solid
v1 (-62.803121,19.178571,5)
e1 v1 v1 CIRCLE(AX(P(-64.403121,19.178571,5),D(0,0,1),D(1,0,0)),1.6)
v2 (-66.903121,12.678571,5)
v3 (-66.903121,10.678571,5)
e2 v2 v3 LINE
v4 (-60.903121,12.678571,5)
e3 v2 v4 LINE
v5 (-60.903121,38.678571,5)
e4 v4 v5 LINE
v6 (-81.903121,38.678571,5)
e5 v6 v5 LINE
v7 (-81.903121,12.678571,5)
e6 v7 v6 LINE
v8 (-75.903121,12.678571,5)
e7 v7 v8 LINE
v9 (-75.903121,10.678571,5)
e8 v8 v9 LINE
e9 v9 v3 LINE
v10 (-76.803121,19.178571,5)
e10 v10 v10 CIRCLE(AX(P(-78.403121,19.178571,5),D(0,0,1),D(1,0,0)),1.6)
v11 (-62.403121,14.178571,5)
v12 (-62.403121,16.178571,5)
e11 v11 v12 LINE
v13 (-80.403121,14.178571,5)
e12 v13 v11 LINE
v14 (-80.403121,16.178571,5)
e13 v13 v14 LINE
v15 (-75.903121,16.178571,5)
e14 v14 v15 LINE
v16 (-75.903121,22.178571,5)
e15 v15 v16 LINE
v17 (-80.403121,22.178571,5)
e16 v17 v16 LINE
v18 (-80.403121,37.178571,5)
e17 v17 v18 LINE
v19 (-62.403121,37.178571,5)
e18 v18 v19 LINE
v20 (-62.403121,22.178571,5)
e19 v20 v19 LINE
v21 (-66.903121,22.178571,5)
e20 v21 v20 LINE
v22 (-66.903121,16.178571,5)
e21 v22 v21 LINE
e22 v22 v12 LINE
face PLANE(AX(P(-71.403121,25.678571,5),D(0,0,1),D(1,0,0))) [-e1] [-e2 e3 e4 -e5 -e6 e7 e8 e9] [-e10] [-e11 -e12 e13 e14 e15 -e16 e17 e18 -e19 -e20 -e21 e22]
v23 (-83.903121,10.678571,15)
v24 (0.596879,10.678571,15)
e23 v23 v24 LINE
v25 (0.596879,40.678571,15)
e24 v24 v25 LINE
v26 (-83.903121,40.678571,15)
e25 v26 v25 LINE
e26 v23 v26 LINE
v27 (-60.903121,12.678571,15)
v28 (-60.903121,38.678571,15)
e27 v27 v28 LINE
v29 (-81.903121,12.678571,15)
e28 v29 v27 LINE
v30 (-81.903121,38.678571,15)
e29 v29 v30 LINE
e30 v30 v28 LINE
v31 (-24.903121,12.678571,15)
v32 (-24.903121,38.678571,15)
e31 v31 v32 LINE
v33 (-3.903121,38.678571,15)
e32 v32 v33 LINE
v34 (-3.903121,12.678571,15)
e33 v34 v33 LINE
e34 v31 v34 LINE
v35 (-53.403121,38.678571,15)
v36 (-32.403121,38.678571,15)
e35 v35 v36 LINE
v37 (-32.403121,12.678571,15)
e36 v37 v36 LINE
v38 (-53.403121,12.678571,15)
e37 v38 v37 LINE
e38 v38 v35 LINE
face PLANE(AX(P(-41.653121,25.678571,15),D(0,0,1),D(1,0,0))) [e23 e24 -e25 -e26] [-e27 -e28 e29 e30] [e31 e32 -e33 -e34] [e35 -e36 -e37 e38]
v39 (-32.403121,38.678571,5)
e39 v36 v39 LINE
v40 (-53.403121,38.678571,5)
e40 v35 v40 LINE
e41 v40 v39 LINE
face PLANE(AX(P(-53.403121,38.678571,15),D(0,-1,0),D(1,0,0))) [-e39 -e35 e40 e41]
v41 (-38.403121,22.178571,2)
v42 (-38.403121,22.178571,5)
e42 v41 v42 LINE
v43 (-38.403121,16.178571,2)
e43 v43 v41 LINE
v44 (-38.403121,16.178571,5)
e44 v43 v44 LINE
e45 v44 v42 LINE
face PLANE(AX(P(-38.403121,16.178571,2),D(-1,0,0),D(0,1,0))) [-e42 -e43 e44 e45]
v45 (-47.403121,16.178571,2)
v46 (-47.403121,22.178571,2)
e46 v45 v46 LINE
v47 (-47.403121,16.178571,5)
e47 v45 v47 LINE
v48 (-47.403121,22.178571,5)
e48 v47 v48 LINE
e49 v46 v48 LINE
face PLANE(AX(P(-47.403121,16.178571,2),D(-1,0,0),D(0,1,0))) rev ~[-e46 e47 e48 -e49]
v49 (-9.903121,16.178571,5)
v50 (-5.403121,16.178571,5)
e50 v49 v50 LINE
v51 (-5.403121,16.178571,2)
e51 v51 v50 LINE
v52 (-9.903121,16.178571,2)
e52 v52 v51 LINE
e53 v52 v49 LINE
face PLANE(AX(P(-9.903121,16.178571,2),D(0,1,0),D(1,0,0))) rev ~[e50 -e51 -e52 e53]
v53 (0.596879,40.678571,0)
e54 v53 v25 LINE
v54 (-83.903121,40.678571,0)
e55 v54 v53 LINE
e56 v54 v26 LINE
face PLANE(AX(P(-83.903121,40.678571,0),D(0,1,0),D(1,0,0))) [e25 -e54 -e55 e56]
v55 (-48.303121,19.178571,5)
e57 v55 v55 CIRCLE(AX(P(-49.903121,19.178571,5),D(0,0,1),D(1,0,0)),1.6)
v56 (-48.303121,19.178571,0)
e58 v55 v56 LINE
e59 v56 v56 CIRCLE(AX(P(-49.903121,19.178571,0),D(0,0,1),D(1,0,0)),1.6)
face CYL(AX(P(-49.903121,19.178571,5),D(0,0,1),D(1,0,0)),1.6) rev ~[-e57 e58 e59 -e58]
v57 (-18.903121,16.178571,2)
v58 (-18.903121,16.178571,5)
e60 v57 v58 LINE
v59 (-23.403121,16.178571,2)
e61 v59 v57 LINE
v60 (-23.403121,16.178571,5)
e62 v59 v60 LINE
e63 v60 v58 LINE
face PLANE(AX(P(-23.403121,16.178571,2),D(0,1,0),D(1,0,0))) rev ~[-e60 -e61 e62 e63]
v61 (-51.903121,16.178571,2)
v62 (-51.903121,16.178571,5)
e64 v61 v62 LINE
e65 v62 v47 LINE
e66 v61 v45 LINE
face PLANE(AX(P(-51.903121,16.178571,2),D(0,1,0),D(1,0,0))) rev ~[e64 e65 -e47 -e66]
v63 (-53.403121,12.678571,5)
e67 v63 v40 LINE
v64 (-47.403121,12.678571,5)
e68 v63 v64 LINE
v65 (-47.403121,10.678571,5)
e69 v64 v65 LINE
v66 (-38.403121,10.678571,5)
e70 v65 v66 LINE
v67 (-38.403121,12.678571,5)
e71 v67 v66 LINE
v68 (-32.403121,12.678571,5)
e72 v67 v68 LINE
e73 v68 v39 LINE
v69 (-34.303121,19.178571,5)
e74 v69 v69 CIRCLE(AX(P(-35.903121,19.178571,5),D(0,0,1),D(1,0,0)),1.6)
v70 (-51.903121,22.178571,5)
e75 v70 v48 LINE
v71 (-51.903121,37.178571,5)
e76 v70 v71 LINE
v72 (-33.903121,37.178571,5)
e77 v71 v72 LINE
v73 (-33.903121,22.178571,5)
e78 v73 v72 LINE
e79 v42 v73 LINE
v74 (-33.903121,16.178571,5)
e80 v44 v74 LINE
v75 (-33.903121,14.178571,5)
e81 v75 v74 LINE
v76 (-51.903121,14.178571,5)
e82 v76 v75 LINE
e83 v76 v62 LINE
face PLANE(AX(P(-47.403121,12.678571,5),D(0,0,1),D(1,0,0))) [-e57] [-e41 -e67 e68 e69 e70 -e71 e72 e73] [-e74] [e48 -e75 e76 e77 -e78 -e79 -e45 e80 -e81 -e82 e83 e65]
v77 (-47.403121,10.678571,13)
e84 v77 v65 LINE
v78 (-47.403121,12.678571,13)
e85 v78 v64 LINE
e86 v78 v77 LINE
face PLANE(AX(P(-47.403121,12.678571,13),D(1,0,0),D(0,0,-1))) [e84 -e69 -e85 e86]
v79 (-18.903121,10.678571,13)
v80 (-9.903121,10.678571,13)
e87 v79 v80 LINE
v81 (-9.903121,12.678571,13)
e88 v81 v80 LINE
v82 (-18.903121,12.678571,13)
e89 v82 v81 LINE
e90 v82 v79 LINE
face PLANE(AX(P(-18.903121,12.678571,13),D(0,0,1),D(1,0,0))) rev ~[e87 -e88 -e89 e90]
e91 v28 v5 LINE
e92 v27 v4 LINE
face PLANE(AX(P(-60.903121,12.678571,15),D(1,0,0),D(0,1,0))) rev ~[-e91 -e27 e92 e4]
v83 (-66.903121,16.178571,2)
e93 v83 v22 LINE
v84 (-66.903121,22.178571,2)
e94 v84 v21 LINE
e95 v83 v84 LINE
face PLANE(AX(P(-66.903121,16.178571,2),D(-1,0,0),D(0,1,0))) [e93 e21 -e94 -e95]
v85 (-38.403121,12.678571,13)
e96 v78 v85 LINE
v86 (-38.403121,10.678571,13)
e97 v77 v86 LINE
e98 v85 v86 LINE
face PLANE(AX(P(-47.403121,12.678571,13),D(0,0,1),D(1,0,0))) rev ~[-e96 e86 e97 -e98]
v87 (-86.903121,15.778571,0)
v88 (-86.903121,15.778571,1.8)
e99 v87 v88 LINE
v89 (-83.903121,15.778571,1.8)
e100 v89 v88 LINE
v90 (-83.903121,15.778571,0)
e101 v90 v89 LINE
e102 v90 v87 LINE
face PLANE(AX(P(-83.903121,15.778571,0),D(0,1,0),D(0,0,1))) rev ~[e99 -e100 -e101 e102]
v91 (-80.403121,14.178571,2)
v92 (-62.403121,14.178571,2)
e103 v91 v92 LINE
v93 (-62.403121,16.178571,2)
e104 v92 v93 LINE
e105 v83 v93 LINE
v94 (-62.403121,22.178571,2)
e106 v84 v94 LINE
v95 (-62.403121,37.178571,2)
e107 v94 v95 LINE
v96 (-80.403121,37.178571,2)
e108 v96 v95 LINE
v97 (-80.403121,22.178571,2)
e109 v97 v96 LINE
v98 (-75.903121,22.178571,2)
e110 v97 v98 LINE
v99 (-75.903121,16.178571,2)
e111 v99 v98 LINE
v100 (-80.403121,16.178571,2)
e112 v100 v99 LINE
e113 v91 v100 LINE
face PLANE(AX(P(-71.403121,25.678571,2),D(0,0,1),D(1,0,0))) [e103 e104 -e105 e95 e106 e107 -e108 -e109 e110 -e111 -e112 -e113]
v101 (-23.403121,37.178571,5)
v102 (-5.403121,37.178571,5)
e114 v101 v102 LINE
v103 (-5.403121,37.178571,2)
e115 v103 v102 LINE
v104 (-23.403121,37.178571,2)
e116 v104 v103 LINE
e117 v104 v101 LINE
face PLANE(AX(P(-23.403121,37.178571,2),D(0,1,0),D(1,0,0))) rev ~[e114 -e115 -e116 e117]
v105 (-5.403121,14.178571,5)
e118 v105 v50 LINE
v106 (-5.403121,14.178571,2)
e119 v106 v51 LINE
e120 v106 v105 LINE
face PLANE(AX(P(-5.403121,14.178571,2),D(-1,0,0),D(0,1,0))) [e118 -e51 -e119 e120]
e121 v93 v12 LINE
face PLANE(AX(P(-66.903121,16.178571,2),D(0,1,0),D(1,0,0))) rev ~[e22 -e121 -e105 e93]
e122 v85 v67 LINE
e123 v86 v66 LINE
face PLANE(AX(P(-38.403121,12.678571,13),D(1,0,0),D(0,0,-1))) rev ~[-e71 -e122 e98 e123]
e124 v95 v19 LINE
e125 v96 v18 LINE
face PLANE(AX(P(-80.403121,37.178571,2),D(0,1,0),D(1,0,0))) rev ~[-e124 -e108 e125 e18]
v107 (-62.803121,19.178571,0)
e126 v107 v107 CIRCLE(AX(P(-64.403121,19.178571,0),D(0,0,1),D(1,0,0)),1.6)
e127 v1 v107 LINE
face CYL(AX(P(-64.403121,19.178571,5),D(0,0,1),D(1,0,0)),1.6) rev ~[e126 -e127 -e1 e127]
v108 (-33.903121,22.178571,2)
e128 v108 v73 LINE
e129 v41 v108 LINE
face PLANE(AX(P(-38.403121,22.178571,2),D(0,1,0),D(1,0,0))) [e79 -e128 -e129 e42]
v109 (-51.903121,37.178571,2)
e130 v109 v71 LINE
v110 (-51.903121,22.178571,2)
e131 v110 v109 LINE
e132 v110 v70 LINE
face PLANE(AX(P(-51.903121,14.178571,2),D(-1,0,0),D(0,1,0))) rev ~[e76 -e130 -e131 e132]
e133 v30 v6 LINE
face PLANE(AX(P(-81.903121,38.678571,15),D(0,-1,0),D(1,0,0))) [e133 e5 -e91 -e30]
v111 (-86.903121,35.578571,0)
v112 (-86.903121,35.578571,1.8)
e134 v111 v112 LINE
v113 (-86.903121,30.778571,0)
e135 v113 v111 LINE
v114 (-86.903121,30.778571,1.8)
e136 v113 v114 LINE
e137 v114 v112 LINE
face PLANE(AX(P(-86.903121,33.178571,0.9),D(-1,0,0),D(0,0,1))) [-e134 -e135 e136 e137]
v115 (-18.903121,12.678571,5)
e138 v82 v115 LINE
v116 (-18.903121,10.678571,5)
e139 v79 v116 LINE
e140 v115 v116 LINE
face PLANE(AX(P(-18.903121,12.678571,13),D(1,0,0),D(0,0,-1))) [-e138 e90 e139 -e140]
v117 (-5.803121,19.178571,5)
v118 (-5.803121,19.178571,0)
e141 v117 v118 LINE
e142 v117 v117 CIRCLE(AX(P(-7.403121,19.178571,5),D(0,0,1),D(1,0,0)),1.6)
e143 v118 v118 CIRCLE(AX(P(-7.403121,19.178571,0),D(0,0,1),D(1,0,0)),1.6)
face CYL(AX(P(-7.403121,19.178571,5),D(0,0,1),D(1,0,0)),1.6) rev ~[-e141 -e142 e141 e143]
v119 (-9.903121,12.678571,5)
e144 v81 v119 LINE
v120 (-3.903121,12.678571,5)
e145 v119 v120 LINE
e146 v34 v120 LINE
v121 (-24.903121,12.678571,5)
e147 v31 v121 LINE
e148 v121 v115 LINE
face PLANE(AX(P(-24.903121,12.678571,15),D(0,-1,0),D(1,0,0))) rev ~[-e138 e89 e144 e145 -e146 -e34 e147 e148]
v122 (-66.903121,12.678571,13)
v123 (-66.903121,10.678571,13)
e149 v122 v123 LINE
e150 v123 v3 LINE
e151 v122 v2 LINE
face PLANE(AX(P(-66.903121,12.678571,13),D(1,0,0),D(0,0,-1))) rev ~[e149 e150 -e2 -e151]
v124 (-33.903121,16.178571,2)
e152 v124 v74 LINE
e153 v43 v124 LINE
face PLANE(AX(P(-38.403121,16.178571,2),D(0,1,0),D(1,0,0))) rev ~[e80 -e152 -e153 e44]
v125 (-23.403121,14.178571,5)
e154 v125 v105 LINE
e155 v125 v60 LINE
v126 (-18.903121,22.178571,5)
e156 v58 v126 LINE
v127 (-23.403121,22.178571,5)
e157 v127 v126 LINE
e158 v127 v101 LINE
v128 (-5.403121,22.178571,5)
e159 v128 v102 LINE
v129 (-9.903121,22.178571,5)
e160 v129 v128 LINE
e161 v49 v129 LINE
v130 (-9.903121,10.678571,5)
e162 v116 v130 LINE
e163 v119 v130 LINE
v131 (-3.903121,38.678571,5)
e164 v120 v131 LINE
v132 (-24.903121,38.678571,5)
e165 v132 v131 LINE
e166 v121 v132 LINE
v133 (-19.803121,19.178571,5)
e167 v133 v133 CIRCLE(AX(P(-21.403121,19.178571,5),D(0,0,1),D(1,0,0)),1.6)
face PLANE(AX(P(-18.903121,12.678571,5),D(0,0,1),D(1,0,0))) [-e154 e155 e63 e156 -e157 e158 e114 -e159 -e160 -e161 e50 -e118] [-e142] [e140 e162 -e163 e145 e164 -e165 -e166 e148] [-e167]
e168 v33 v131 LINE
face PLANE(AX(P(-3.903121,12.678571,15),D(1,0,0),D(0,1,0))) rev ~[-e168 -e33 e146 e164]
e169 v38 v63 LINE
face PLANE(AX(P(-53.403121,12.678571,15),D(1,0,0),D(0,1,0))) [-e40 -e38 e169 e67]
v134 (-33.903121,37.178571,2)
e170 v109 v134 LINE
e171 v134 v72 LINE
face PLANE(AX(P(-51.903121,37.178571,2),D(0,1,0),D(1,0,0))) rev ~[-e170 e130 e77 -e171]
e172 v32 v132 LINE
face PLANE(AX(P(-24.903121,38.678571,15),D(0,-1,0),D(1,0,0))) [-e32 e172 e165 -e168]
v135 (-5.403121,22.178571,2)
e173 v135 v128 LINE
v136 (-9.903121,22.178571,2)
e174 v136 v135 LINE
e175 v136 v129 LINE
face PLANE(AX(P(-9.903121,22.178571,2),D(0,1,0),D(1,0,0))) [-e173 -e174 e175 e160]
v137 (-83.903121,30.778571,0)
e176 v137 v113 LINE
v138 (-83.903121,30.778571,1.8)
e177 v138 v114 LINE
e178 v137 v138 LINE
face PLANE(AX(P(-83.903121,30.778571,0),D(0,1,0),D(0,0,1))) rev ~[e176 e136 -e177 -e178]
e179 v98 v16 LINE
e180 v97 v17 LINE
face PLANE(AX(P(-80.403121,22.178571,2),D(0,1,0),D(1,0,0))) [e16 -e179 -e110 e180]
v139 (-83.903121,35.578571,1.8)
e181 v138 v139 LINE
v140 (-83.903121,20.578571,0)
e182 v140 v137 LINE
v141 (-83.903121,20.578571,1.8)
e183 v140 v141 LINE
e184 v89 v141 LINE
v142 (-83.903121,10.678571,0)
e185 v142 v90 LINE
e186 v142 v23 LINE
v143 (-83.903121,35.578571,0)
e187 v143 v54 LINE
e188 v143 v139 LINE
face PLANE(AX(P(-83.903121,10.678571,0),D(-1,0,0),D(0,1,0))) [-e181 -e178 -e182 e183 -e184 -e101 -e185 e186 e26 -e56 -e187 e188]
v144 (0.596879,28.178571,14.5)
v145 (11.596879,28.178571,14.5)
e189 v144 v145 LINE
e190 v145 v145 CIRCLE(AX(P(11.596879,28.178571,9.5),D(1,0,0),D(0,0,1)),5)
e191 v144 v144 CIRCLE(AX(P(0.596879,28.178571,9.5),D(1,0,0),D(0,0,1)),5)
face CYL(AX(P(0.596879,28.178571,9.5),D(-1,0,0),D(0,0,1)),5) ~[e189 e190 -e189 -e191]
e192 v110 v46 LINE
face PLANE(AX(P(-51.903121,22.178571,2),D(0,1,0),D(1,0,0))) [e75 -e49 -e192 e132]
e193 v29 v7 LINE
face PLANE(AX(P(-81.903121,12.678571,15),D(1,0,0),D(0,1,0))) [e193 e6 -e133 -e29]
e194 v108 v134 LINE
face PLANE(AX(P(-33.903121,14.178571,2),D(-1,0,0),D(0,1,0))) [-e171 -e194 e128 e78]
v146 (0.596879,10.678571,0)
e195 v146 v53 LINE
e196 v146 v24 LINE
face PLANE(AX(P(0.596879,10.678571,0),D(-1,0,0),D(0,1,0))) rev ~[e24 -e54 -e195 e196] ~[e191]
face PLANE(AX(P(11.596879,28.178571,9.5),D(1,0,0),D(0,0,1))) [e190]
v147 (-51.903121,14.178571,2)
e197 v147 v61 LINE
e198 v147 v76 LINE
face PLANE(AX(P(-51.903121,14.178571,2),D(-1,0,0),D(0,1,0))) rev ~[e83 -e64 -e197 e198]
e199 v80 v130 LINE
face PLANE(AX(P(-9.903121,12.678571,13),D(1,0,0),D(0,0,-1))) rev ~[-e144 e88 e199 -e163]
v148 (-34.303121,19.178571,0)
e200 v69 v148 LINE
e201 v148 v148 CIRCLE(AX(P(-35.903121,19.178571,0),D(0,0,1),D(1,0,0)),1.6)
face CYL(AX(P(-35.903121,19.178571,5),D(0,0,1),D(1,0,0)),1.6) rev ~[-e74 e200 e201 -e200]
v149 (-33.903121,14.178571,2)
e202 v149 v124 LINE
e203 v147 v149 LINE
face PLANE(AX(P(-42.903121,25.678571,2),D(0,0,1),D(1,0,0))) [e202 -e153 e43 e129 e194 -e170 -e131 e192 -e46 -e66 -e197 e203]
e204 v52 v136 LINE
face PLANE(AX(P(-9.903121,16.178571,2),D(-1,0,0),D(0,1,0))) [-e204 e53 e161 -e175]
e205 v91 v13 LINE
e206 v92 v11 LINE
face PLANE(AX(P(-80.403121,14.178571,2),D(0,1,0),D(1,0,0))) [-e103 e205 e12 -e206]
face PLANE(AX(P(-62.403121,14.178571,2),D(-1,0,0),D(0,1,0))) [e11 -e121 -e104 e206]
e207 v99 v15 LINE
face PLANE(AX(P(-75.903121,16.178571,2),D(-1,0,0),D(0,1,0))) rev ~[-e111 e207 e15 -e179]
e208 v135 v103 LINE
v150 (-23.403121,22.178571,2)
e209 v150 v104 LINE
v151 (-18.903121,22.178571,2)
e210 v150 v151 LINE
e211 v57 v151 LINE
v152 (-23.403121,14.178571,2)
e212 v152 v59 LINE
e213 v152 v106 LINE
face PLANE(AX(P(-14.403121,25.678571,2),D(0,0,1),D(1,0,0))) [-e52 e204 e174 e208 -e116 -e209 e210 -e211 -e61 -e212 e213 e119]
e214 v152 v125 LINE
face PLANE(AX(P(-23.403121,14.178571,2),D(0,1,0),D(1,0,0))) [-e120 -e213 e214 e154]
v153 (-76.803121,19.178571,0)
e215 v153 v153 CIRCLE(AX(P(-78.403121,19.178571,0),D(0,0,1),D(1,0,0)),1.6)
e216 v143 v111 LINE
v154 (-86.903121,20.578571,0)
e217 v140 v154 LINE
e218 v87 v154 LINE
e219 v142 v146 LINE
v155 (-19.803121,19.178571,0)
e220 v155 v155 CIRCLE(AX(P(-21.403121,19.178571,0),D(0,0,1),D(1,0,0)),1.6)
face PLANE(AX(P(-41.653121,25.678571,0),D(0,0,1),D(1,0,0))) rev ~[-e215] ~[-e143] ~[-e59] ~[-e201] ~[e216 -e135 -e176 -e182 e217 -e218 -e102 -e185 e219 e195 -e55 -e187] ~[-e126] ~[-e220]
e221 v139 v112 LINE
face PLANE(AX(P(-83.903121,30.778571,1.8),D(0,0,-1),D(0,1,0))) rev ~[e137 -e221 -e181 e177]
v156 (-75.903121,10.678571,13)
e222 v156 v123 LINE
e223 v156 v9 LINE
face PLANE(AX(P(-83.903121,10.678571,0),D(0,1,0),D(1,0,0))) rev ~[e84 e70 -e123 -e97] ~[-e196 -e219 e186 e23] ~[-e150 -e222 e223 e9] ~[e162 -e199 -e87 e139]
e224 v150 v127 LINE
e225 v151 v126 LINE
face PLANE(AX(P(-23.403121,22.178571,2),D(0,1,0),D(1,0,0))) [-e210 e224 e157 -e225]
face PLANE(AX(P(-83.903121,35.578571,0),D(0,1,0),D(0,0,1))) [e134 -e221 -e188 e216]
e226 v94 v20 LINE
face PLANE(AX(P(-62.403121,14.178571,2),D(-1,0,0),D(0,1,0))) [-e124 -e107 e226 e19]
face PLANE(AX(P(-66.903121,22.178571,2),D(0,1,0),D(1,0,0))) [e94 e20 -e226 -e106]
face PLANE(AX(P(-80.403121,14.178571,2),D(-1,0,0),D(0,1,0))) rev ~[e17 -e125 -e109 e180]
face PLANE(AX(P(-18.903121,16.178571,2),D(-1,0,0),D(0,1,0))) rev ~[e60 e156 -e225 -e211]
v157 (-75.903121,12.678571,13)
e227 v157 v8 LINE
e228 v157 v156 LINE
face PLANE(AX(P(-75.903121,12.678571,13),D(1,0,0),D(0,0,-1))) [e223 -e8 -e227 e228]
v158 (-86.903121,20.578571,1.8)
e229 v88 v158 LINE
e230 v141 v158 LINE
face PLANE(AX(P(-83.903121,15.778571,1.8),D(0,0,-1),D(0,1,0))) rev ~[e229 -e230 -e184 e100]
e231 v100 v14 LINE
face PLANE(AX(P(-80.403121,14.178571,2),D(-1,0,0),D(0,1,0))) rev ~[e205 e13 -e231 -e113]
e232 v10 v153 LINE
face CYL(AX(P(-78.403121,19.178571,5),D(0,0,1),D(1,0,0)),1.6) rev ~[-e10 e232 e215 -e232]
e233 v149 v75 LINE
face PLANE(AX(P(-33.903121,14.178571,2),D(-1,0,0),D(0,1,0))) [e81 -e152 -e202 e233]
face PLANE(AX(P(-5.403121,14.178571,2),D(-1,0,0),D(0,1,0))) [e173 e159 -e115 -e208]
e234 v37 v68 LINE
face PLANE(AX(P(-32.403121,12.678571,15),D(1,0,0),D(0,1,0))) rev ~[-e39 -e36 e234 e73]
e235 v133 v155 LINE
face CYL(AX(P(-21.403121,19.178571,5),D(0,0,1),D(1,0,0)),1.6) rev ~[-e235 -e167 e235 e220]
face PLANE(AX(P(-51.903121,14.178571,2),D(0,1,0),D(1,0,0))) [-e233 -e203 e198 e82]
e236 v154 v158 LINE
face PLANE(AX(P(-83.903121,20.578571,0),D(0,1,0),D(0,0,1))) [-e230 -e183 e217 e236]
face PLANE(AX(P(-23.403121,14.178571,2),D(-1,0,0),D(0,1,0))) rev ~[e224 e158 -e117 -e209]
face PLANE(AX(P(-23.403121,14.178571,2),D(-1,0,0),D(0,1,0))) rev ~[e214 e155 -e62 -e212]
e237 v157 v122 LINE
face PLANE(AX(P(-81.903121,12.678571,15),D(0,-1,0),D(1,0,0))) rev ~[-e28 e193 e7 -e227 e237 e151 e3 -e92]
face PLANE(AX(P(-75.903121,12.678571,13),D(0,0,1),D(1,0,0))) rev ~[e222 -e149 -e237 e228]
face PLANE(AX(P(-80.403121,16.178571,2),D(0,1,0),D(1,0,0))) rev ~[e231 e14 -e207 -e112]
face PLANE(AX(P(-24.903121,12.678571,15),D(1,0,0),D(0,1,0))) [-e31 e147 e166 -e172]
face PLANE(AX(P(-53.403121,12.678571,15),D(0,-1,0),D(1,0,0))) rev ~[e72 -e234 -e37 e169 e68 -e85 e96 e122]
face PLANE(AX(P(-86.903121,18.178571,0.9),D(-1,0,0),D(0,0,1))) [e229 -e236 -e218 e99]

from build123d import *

# Parameters (mm, degrees)
SKETCH_1_W          = 84.5
SKETCH_1_H          = 30
EXTRUDE_1_DEPTH     = 15
SKETCH_2_W          = 21
SKETCH_2_H          = 26
CUT_EXTRUDE_1_DEPTH = 13
SKETCH_3_W          = 21
SKETCH_3_H          = 26
SKETCH_3_W_2        = 18
SKETCH_3_H_2        = 23
EXTRUDE_2_DEPTH     = 3
SKETCH_5_W          = 4.5
SKETCH_5_H          = 6
EXTRUDE_3_DEPTH     = 3
SKETCH_6_R          = 1.6
CUT_EXTRUDE_2_DEPTH = 94.778887913
SKETCH_7_W          = 9
SKETCH_7_H          = 8
CUT_EXTRUDE_3_DEPTH = 90.714734825
SKETCH_13_W         = 1.8
SKETCH_13_H         = 4.8
EXTRUDE_4_DEPTH     = 3
SKETCH_14_R         = 5
EXTRUDE_5_DEPTH     = 11


with BuildPart() as part:
    # ｽｹｯﾁ1 → ﾎﾞｽ - 押し出し1 (new body)
    with BuildSketch(Plane.XY):
        with Locations((-41.65312059, 25.678571429)):
            Rectangle(SKETCH_1_W, SKETCH_1_H)
    extrude(amount=EXTRUDE_1_DEPTH)

    # ｽｹｯﾁ2 → ｶｯﾄ - 押し出し1 (cut)
    with BuildSketch(Plane.XY.offset(15)):
        with Locations((-71.40312059, 25.678571429)):
            Rectangle(SKETCH_2_W, SKETCH_2_H)
        with Locations((-42.90312059, 25.678571429)):
            Rectangle(SKETCH_2_W, SKETCH_2_H)
        with Locations((-14.40312059, 25.678571429)):
            Rectangle(SKETCH_2_W, SKETCH_2_H)
    extrude(amount=-CUT_EXTRUDE_1_DEPTH, mode=Mode.SUBTRACT)

    # ｽｹｯﾁ3 → ﾎﾞｽ - 押し出し2 (add)
    # profile 1 of 3: a face of its own
    with BuildSketch(Plane.XY.offset(2)):
        with Locations((-71.40312059, 25.678571429)):
            Rectangle(SKETCH_3_W, SKETCH_3_H)
        with Locations((-71.40312059, 25.678571429)):
            Rectangle(SKETCH_3_W_2, SKETCH_3_H_2, mode=Mode.SUBTRACT)
    # profile 2 of 3: a face of its own
    with BuildSketch(Plane.XY.offset(2)):
        with Locations((-42.90312059, 25.678571429)):
            Rectangle(SKETCH_3_W, SKETCH_3_H)
        with Locations((-42.90312059, 25.678571429)):
            Rectangle(SKETCH_3_W_2, SKETCH_3_H_2, mode=Mode.SUBTRACT)
    # profile 3 of 3: a face of its own
    with BuildSketch(Plane.XY.offset(2)):
        with Locations((-14.40312059, 25.678571429)):
            Rectangle(SKETCH_3_W, SKETCH_3_H)
        with Locations((-14.40312059, 25.678571429)):
            Rectangle(SKETCH_3_W_2, SKETCH_3_H_2, mode=Mode.SUBTRACT)
    extrude(amount=EXTRUDE_2_DEPTH)

    # ｽｹｯﾁ5 → ﾎﾞｽ - 押し出し3 (add)
    with BuildSketch(Plane.XY.offset(2)):
        with Locations((-64.65312059, 19.178571429)):
            Rectangle(SKETCH_5_W, SKETCH_5_H)
        with Locations((-78.15312059, 19.178571429)):
            Rectangle(SKETCH_5_W, SKETCH_5_H)
        with Locations((-49.65312059, 19.178571429)):
            Rectangle(SKETCH_5_W, SKETCH_5_H)
        with Locations((-36.15312059, 19.178571429)):
            Rectangle(SKETCH_5_W, SKETCH_5_H)
        with Locations((-21.15312059, 19.178571429)):
            Rectangle(SKETCH_5_W, SKETCH_5_H)
        with Locations((-7.65312059, 19.178571429)):
            Rectangle(SKETCH_5_W, SKETCH_5_H)
    extrude(amount=EXTRUDE_3_DEPTH)

    # ｽｹｯﾁ6 → ｶｯﾄ - 押し出し2 (cut, through all)
    with BuildSketch(Plane.XY.offset(5)):
        with Locations((-64.40312059, 19.178571429)):
            Circle(SKETCH_6_R)
        with Locations((-78.40312059, 19.178571429)):
            Circle(SKETCH_6_R)
        with Locations((-49.90312059, 19.178571429)):
            Circle(SKETCH_6_R)
        with Locations((-35.90312059, 19.178571429)):
            Circle(SKETCH_6_R)
        with Locations((-21.40312059, 19.178571429)):
            Circle(SKETCH_6_R)
        with Locations((-7.40312059, 19.178571429)):
            Circle(SKETCH_6_R)
    extrude(amount=-CUT_EXTRUDE_2_DEPTH, mode=Mode.SUBTRACT)

    # ｽｹｯﾁ7 → ｶｯﾄ - 押し出し3 (cut, through all)
    with BuildSketch(Plane(origin=(0, 12.678571429, 0), x_dir=(1, 0, 0), z_dir=(0, 1, 0))):
        with Locations((-71.40312059, -9)):
            Rectangle(SKETCH_7_W, SKETCH_7_H)
        with Locations((-42.90312059, -9)):
            Rectangle(SKETCH_7_W, SKETCH_7_H)
        with Locations((-14.40312059, -9)):
            Rectangle(SKETCH_7_W, SKETCH_7_H)
    extrude(amount=-CUT_EXTRUDE_3_DEPTH, mode=Mode.SUBTRACT)

    # ｽｹｯﾁ13 → ﾎﾞｽ - 押し出し4 (add)
    with BuildSketch(Plane.ZY.offset(83.90312059)):
        with Locations((0.9, 33.178571429)):
            Rectangle(SKETCH_13_W, SKETCH_13_H)
        with Locations((0.9, 18.178571429)):
            Rectangle(SKETCH_13_W, SKETCH_13_H)
    extrude(amount=EXTRUDE_4_DEPTH)

    # ｽｹｯﾁ14 → ﾎﾞｽ - 押し出し5 (add)
    with BuildSketch(Plane(origin=(0.59687941, 0, 0), x_dir=(0, 0, -1), z_dir=(1, 0, 0))):
        with Locations(Location((-9.5, 28.178571429, 0), (0, 0, 180))):
            Circle(SKETCH_14_R)
    extrude(amount=EXTRUDE_5_DEPTH)


solid = part.part
